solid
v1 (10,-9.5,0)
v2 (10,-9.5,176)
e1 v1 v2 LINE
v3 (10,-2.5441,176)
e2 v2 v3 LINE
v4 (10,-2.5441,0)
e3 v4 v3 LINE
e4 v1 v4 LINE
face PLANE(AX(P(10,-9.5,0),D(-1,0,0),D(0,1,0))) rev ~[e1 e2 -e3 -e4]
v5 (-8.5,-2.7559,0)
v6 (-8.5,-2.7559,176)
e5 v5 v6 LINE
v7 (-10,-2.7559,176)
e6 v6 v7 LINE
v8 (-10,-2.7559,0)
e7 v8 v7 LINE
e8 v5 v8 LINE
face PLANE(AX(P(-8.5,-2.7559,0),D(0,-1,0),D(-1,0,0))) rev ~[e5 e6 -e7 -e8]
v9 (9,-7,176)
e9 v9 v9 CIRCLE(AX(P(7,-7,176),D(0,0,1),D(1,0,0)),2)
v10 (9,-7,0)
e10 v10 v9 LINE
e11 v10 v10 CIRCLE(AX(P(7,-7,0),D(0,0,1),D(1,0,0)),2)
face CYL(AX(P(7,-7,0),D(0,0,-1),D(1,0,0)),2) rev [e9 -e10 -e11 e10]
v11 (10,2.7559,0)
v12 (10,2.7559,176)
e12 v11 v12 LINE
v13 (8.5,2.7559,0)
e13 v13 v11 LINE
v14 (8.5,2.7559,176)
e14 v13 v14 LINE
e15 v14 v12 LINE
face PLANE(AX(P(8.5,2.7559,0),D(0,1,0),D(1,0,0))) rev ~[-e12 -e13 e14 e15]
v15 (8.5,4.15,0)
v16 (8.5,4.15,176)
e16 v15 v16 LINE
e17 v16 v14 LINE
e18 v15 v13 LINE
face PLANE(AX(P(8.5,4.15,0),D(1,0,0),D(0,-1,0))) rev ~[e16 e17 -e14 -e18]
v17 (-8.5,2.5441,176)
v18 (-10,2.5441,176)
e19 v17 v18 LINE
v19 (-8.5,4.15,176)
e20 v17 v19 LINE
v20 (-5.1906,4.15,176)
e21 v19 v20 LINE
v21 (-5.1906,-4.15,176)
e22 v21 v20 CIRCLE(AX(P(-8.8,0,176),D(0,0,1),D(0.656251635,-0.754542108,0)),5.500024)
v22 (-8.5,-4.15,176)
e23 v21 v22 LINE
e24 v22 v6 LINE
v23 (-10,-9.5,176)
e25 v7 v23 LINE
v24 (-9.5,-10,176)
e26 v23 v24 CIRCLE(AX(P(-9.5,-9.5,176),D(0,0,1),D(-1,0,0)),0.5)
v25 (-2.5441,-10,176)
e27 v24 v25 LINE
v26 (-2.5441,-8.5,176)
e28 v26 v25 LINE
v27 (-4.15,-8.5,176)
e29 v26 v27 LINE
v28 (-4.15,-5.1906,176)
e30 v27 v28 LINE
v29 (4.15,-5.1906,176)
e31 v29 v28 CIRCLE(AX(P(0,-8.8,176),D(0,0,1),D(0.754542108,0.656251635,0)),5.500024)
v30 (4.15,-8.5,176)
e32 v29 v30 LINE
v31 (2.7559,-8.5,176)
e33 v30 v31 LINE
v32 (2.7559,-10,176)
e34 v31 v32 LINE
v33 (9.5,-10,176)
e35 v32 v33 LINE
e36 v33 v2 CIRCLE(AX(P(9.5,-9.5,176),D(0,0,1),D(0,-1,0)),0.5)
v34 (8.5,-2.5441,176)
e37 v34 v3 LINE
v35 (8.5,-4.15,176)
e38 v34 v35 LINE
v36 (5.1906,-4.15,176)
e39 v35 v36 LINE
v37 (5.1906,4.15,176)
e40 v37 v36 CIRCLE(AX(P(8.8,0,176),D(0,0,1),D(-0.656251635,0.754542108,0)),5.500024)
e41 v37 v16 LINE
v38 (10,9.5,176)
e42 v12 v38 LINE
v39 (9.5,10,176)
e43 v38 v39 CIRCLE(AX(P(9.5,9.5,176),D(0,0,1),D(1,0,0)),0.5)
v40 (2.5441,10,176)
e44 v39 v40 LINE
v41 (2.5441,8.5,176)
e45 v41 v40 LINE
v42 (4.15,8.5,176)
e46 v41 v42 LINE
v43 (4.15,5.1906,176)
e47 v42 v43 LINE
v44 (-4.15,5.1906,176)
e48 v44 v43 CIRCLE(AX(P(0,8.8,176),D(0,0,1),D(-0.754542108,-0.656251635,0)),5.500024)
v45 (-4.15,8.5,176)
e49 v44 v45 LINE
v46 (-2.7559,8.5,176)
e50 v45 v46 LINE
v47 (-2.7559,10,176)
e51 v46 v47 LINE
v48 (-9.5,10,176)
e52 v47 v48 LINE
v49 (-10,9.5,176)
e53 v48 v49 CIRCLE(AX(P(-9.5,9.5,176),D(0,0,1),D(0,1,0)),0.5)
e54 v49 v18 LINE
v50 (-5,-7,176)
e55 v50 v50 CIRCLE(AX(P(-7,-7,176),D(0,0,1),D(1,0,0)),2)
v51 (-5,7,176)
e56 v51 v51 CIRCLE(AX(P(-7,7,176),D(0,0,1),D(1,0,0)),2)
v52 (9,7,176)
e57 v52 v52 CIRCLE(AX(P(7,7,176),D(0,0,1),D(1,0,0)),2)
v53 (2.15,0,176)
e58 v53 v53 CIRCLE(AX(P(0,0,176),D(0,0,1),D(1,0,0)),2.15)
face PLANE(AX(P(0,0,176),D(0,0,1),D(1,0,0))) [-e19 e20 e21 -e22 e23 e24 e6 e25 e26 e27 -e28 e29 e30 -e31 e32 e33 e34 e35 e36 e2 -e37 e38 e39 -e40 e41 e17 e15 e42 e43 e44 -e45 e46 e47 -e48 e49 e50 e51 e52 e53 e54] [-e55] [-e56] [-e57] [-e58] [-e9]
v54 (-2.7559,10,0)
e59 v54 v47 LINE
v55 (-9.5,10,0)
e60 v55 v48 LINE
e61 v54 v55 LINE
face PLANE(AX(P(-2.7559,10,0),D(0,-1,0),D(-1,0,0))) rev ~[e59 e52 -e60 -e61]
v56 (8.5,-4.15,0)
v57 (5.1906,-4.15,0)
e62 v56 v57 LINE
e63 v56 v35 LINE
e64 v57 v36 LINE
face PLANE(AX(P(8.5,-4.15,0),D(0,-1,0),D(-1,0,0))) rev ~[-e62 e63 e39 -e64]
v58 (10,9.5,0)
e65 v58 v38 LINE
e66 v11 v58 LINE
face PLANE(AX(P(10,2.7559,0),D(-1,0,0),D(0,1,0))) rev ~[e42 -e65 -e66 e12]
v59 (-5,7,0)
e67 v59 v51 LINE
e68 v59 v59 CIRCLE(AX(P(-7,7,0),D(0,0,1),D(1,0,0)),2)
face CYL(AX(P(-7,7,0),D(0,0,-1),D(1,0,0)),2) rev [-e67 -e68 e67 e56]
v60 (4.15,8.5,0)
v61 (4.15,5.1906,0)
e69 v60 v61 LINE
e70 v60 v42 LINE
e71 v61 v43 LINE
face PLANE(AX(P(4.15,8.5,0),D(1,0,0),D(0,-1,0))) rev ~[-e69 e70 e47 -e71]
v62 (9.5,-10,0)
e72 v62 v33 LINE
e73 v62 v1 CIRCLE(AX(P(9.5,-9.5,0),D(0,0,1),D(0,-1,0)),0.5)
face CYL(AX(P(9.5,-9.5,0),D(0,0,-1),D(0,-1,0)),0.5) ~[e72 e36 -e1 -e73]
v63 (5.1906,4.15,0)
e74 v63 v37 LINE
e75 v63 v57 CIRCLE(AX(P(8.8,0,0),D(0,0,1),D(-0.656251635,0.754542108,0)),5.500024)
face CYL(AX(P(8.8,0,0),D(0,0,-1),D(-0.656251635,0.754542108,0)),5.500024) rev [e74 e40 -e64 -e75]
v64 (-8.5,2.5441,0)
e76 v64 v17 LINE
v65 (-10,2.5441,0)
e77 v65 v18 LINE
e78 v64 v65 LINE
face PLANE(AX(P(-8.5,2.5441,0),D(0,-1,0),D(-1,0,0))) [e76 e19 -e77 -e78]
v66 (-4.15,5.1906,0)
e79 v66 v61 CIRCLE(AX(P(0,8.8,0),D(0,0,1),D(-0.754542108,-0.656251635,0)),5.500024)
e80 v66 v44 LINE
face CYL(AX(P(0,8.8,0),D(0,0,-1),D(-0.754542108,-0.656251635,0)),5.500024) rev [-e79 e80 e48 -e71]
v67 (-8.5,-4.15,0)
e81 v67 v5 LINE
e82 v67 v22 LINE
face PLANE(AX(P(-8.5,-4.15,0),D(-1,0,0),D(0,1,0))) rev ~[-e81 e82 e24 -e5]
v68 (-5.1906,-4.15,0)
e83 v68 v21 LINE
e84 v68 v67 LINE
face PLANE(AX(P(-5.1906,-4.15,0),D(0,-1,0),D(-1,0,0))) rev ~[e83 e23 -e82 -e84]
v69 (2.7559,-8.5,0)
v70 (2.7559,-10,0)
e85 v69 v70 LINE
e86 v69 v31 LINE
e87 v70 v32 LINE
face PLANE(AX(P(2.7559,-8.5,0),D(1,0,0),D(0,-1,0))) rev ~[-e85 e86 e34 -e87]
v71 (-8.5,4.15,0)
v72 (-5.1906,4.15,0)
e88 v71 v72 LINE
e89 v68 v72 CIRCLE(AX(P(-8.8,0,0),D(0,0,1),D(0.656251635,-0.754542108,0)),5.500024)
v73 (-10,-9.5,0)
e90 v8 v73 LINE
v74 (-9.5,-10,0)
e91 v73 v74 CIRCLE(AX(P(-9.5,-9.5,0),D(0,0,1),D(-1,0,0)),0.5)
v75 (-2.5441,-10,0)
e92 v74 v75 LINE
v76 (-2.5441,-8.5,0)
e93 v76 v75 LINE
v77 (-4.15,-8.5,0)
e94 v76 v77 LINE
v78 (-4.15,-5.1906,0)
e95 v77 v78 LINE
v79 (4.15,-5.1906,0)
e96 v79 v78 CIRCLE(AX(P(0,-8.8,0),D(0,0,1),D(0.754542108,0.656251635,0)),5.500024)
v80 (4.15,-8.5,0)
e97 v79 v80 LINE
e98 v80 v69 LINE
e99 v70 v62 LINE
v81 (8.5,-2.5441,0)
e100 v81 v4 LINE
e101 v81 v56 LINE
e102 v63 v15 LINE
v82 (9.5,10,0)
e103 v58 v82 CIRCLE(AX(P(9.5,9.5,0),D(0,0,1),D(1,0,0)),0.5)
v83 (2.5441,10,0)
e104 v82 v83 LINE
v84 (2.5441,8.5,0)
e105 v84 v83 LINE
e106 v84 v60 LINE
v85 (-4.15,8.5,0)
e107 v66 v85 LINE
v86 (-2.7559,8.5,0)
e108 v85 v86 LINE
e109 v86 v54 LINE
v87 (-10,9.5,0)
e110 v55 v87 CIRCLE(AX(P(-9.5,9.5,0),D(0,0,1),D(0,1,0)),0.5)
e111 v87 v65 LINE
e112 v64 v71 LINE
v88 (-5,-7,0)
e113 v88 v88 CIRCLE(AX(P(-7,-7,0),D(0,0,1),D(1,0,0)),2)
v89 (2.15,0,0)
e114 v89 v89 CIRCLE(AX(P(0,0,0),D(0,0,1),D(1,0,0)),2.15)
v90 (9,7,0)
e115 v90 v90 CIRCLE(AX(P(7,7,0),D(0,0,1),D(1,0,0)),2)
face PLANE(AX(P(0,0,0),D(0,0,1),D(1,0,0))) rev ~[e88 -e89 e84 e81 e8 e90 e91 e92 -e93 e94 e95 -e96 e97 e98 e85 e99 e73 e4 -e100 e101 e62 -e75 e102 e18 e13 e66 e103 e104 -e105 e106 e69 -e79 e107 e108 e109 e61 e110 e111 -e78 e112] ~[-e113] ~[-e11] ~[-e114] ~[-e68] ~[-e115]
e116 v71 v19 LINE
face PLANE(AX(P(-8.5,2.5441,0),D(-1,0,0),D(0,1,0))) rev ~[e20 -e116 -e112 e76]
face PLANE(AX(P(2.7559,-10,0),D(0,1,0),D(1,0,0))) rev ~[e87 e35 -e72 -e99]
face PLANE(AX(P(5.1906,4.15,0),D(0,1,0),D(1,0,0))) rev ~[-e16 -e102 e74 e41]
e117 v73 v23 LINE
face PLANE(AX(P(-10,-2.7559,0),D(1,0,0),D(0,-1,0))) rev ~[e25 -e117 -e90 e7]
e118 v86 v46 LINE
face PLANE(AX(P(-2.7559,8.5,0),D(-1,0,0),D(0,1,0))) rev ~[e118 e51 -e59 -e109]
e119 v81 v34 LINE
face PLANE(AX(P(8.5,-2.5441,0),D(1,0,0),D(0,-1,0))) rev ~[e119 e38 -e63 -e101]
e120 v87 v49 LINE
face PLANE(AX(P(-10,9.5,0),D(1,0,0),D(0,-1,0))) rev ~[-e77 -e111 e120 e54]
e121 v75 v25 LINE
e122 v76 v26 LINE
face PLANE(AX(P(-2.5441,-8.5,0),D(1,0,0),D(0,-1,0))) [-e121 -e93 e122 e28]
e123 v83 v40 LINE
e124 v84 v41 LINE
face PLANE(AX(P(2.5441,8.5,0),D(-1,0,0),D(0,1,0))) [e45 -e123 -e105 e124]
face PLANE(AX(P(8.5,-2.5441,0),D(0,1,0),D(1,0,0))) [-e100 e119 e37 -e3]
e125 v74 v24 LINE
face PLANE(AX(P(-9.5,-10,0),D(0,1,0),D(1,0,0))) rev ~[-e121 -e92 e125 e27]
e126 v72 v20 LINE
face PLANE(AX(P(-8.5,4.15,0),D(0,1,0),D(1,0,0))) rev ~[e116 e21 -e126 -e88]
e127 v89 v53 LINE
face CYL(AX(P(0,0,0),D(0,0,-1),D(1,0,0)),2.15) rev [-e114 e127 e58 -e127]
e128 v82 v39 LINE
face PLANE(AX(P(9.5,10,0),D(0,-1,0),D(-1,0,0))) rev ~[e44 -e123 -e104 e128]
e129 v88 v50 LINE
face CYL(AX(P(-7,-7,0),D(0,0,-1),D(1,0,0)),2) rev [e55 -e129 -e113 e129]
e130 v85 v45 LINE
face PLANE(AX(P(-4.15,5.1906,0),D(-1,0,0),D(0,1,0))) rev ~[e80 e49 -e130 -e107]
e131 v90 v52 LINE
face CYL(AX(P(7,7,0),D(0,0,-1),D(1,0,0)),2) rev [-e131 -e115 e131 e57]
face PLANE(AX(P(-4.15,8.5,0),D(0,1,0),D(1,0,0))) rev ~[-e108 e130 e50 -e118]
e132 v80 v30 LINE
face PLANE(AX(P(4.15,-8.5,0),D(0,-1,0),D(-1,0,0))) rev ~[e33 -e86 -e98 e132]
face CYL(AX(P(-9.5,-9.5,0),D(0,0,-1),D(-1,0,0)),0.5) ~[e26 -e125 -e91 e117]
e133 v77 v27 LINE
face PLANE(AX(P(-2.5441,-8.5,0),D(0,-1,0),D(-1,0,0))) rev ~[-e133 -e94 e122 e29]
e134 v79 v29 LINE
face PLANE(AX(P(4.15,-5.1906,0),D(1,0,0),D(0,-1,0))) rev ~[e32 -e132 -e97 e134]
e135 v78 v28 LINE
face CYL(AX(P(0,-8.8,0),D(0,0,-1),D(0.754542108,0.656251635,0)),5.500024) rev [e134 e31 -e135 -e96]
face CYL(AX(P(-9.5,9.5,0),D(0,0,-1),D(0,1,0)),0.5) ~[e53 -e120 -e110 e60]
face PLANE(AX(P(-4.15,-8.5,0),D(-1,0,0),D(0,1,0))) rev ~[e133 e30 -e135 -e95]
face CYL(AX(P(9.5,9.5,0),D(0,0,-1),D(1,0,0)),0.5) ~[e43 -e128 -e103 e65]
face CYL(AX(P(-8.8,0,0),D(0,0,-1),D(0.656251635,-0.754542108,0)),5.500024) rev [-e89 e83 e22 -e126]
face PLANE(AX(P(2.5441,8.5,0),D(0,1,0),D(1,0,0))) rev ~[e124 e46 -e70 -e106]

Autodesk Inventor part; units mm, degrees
ref_plane "YZ Plane" through (0, 0, 0) normal (1, 0, 0) x (0, 1, 0)
ref_plane "XZ Plane" through (0, 0, 0) normal (0, 1, 0) x (-1, 0, 0)
ref_plane "XY Plane" through (0, 0, 0) normal (0, 0, 1) x (1, 0, 0)
sketch "Sketch1" plane through (0, 0, 0) normal (0, 0, 1) x (1, 0, 0)
  line L0 (-10, -10) -> (10, 10) construction
  line L1 (10, -10) -> (-10, 10) construction
  arc A0 (-10, -9.5) -> (-9.5, -10) centre (-9.5, -9.5) ccw
  arc A1 (-9.5, 10) -> (-10, 9.5) centre (-9.5, 9.5) ccw
  arc A2 (10, 9.5) -> (9.5, 10) centre (9.5, 9.5) ccw
  arc A3 (9.5, -10) -> (10, -9.5) centre (9.5, -9.5) ccw
  line L2 (7, -7) -> (-7, -7) construction
  line L3 (-7, -7) -> (-7, 7) construction
  line L4 (-7, 7) -> (7, 7) construction
  line L5 (7, 7) -> (7, -7) construction
  line L6 (7, -7) -> (-7, 7) construction
  line L7 (-7, -7) -> (7, 7) construction
  circle A4 centre (-7, -7) radius 2
  circle A5 centre (-7, 7) radius 2
  circle A6 centre (7, 7) radius 2
  circle A7 centre (7, -7) radius 2
  circle A8 centre (0, 0) radius 2.15
  line L8 (-8.5, 4.15) -> (-5.1906, 4.15)
  arc A9 (-5.1906, -4.15) -> (-5.1906, 4.15) centre (-8.8, 0) ccw
  line L9 (-5.1906, -4.15) -> (-8.5, -4.15)
  line L10 (-8.5, -4.15) -> (-8.5, -2.7559)
  line L11 (-8.5, 2.5441) -> (-8.5, 4.15)
  line L12 (-5.1906, -4.15) -> (-5.1906, 4.15) construction
  line L13 (-8.5, -2.7559) -> (-10, -2.7559)
  line L14 (-8.5, 2.5441) -> (-10, 2.5441)
  line L15 (-10, 9.5) -> (-10, 2.5441)
  line L16 (-10, -2.7559) -> (-10, -9.5)
  line L17 (4.15, -8.5) -> (2.7559, -8.5)
  line L18 (2.7559, -8.5) -> (2.7559, -10)
  line L19 (4.15, -5.1906) -> (-4.15, -5.1906) construction
  arc A10 (4.15, -5.1906) -> (-4.15, -5.1906) centre (0, -8.8) ccw
  line L20 (7, -7) -> (-7, 7) construction
  line L21 (10, -10) -> (-10, 10) construction
  line L22 (-4.15, -8.5) -> (-4.15, -5.1906)
  line L23 (4.15, -5.1906) -> (4.15, -8.5)
  line L24 (-2.5441, -8.5) -> (-2.5441, -10)
  line L25 (-2.5441, -8.5) -> (-4.15, -8.5)
  line L26 (8.5, 4.15) -> (8.5, 2.7559)
  line L27 (8.5, 2.7559) -> (10, 2.7559)
  line L28 (5.1906, 4.15) -> (5.1906, -4.15) construction
  arc A11 (5.1906, 4.15) -> (5.1906, -4.15) centre (8.8, 0) ccw
  line L29 (7, 7) -> (-7, -7) construction
  line L30 (10, 10) -> (-10, -10) construction
  line L31 (8.5, -4.15) -> (5.1906, -4.15)
  line L32 (5.1906, 4.15) -> (8.5, 4.15)
  line L33 (8.5, -2.5441) -> (10, -2.5441)
  line L34 (8.5, -2.5441) -> (8.5, -4.15)
  line L35 (-4.15, 8.5) -> (-2.7559, 8.5)
  line L36 (-2.7559, 8.5) -> (-2.7559, 10)
  line L37 (-4.15, 5.1906) -> (4.15, 5.1906) construction
  arc A12 (-4.15, 5.1906) -> (4.15, 5.1906) centre (0, 8.8) ccw
  line L38 (-7, 7) -> (7, -7) construction
  line L39 (-10, 10) -> (10, -10) construction
  line L40 (4.15, 8.5) -> (4.15, 5.1906)
  line L41 (-4.15, 5.1906) -> (-4.15, 8.5)
  line L42 (2.5441, 8.5) -> (2.5441, 10)
  line L43 (2.5441, 8.5) -> (4.15, 8.5)
  line L44 (-9.5, -10) -> (-2.5441, -10)
  line L45 (2.7559, -10) -> (9.5, -10)
  line L46 (9.5, 10) -> (2.5441, 10)
  line L47 (-2.7559, 10) -> (-9.5, 10)
  line L48 (10, -9.5) -> (10, -2.5441)
  line L49 (10, 2.7559) -> (10, 9.5)
  point P0 (-10, 0)
  point P1 (-5.8595, 0)
  point P2 (-5.1906, 0)
  point P3 (-10, 0)
  point P4 (0, -5.8595)
  point P5 (0, -5.1906)
  point P6 (5.8595, 0)
  point P7 (5.1906, 0)
  point P8 (0, 5.8595)
  point P9 (0, 5.1906)
  dimension "d0" = 20
  dimension "d1" = 20
  dimension "d2" = 0.5
  dimension "d3" = 14
  dimension "d4" = 14
  dimension "d5" = 4
  dimension "d6" = 4.3
  dimension "d13" = 5.5
  dimension "d14" = 8.3
  dimension "d16" = 5.3
  dimension "d17" = 6.7
  dimension "d18" = 1.5
  dimension "d21" = 360
extrude "Extrusion1" add sketch "Sketch1" along normal blind 176
properties part number "Profile_CPY1"
